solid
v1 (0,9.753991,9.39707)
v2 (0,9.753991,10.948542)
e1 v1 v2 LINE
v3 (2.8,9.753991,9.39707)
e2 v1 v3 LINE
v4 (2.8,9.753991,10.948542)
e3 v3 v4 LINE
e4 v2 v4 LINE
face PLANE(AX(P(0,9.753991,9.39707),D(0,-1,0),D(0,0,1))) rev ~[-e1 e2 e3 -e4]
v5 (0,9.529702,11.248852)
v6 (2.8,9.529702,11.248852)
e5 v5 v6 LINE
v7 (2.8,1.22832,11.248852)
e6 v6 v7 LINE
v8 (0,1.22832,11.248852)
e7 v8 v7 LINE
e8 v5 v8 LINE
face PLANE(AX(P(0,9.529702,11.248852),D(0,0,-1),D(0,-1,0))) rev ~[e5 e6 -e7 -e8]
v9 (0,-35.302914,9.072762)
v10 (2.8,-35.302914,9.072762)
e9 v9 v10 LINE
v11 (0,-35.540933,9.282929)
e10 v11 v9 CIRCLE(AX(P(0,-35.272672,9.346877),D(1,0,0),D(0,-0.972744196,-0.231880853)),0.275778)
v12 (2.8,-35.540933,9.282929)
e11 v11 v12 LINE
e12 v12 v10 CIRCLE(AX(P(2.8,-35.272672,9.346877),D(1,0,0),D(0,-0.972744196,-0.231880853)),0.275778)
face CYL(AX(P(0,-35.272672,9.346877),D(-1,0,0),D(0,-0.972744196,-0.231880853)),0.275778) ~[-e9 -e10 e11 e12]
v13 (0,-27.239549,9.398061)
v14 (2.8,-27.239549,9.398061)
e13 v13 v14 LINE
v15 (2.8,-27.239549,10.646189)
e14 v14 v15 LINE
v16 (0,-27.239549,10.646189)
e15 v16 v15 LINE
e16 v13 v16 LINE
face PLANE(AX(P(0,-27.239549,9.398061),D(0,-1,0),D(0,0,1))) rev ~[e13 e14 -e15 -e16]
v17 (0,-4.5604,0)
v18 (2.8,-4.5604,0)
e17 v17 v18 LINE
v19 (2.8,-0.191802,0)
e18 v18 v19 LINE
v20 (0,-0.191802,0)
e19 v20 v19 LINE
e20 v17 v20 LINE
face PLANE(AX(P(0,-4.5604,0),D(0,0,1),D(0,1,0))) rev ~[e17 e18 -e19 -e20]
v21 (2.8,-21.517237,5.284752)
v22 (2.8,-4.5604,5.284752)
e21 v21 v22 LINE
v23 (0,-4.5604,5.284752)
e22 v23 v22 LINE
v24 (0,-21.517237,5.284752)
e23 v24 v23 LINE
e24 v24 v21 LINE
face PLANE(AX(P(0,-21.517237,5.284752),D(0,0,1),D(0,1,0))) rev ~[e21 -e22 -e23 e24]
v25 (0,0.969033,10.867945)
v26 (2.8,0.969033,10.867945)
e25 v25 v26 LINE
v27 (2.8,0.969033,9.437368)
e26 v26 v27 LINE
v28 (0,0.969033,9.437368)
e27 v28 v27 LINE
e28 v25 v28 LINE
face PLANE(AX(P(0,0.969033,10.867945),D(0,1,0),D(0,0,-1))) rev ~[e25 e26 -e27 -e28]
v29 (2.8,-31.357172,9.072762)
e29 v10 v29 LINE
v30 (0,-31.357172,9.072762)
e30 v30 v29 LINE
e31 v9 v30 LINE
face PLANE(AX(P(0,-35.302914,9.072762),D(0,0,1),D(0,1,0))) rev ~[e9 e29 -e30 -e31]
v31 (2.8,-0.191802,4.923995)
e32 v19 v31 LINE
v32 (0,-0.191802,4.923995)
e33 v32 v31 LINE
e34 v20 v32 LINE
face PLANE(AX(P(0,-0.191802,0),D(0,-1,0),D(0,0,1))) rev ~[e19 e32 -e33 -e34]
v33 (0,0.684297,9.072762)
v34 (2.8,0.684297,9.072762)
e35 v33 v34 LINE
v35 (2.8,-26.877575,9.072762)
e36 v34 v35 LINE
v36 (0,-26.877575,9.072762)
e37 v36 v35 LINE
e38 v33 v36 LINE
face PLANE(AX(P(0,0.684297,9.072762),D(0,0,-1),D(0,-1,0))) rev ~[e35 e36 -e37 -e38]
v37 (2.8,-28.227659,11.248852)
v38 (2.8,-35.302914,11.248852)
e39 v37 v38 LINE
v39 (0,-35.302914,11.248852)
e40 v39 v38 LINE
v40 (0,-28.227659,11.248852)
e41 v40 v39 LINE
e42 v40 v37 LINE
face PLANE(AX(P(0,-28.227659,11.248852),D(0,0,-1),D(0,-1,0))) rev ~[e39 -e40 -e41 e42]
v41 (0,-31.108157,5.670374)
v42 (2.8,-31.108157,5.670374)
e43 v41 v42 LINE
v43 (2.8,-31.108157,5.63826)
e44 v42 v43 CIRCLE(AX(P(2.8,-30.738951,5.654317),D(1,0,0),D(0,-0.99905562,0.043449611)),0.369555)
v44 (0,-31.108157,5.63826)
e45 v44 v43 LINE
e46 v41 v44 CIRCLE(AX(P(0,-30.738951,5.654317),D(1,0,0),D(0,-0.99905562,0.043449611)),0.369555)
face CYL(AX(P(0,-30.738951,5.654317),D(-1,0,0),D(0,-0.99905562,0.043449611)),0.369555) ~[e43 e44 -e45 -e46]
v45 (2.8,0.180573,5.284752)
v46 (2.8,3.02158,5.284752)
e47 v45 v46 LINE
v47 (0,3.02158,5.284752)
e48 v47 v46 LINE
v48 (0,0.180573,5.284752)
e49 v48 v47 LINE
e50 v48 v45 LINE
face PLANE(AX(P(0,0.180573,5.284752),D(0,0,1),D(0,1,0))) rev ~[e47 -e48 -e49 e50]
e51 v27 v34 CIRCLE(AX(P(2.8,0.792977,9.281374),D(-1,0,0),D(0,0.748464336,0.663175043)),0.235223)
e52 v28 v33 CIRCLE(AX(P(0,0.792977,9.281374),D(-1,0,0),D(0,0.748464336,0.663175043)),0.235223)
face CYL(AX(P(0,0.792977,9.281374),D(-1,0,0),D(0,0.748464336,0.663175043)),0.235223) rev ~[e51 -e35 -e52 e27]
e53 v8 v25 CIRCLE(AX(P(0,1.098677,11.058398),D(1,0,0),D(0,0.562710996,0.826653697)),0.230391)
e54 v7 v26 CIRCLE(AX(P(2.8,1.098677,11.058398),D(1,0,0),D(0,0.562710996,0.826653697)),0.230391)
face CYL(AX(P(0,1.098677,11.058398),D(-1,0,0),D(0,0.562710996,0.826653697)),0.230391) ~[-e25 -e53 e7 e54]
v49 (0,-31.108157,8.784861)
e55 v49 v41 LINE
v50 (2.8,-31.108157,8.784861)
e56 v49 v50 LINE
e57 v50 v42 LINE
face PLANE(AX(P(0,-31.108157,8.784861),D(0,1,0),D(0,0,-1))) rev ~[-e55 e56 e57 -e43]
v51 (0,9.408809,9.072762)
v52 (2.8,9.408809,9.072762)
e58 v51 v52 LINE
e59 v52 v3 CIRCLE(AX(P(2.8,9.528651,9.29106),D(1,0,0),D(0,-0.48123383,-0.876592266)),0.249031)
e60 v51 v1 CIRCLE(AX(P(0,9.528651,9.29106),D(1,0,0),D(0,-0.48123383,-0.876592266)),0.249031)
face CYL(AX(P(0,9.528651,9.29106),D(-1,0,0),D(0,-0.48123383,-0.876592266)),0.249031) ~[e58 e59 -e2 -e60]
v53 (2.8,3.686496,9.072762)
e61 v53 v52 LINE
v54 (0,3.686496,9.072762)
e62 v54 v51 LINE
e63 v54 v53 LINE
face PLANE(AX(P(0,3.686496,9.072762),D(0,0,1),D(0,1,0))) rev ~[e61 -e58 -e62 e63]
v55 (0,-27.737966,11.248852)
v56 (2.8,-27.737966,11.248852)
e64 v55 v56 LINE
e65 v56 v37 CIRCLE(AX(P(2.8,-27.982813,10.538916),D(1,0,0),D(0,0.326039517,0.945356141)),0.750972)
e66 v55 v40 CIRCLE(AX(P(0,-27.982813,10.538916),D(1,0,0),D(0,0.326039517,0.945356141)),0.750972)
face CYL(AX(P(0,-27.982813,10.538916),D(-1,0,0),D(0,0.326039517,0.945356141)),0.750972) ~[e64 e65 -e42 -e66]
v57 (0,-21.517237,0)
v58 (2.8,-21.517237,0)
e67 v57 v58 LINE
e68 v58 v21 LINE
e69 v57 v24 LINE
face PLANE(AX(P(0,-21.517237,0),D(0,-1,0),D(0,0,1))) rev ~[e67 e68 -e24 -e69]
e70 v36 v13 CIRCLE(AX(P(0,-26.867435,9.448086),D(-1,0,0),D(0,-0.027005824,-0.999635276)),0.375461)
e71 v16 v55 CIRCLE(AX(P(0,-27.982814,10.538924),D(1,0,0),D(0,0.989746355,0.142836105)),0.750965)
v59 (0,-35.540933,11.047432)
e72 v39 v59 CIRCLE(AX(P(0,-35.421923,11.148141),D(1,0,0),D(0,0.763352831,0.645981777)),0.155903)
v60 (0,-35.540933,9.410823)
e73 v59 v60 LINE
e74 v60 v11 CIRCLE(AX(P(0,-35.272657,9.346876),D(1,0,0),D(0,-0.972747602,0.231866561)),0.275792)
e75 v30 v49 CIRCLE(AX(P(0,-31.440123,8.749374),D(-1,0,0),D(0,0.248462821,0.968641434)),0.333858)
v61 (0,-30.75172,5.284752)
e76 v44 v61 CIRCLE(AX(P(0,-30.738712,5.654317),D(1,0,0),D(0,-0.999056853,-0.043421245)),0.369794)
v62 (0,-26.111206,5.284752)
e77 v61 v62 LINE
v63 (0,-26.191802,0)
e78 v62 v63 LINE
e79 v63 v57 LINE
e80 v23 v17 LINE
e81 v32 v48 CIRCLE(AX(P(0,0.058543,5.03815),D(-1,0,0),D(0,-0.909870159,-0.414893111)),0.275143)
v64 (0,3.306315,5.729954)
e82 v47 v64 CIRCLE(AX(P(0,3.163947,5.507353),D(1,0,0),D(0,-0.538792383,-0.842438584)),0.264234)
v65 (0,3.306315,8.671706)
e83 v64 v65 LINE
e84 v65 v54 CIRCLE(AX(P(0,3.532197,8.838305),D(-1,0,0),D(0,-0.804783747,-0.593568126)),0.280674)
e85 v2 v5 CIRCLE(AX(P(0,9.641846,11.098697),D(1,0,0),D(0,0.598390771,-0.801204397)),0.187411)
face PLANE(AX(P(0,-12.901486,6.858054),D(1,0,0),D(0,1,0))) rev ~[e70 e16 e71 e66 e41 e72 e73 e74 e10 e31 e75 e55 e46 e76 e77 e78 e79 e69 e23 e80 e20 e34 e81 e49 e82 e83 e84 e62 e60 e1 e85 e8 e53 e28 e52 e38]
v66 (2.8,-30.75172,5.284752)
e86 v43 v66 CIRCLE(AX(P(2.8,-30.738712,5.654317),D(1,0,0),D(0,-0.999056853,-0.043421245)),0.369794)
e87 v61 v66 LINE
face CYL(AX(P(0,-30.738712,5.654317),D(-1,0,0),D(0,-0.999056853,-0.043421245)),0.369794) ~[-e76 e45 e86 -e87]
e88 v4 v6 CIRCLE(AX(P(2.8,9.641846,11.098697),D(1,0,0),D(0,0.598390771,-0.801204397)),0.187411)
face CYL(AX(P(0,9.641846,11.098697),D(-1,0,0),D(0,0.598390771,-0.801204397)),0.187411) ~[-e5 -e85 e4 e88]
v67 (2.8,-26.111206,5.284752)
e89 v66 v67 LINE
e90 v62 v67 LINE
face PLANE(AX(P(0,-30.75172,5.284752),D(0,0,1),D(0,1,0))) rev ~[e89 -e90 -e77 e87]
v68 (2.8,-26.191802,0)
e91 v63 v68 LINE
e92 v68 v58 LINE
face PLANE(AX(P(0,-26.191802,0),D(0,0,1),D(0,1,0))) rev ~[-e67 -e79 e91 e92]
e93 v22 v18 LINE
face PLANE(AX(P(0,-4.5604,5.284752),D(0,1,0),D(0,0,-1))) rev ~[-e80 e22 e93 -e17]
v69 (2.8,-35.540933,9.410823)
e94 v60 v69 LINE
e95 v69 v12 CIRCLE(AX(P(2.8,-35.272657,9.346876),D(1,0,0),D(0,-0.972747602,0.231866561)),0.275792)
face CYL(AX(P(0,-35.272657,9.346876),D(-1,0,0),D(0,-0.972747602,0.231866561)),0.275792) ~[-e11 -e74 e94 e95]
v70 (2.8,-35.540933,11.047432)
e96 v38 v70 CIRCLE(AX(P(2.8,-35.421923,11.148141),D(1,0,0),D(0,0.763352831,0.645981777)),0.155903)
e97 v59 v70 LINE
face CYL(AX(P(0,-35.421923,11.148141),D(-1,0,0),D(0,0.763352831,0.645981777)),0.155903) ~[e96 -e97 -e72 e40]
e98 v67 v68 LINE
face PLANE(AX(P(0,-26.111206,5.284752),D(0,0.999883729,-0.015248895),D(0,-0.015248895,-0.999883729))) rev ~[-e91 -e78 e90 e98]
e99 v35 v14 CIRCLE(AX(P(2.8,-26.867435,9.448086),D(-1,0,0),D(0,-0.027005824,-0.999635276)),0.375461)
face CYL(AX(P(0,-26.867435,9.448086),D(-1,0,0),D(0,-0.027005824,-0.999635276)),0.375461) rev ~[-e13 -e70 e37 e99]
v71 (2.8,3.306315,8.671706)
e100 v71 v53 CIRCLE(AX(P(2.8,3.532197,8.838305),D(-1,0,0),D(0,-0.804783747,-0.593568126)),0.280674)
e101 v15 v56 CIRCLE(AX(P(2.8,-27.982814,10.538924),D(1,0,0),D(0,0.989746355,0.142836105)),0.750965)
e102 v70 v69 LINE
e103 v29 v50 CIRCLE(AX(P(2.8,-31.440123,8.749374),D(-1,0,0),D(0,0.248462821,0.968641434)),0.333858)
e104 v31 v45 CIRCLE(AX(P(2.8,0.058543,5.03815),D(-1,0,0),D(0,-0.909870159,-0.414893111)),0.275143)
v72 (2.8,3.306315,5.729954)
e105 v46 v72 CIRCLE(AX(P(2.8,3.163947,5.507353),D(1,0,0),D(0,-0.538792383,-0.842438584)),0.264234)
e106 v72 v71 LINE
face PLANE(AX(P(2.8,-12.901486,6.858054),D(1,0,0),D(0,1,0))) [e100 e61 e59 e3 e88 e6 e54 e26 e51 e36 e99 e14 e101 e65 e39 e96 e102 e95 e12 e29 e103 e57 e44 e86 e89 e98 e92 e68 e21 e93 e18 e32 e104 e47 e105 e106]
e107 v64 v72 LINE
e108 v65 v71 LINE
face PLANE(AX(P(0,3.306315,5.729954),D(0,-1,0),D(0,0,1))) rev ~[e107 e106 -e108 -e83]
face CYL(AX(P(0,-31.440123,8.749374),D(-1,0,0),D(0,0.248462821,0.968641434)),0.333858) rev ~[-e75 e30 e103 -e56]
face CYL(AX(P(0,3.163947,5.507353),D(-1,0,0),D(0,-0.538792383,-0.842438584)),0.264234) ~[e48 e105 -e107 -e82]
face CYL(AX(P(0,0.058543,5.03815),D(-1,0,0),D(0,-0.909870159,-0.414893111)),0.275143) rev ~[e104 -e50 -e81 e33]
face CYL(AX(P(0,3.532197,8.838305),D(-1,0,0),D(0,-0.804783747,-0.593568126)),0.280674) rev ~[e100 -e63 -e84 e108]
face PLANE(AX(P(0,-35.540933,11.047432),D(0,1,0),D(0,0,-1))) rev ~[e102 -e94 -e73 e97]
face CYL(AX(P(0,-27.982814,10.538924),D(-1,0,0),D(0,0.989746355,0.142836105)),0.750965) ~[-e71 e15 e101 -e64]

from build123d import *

# Parameters (mm, degrees)
F1_DEPTH = 2.8


with BuildPart() as f1:
    # F0 (on Right) → F1 (new body)
    with BuildSketch(Plane.YZ):
        with BuildLine():
            Line((-26.111206, 5.284752), (-26.191802, 0))
            Line((-26.191802, 0), (-21.517237, 0))
            Line((-21.517237, 0), (-21.517237, 5.284752))
            Line((-21.517237, 5.284752), (-4.5604, 5.284752))
            Line((-4.5604, 5.284752), (-4.5604, 0))
            Line((-4.5604, 0), (-0.191802, 0))
            Line((-0.191802, 0), (-0.191802, 4.923995))
            ThreePointArc((-0.191802, 4.923995), (-0.132906, 5.235764), (0.180573, 5.284752))
            Line((0.180573, 5.284752), (3.02158, 5.284752))
            ThreePointArc((3.02158, 5.284752), (3.386548, 5.364985), (3.306315, 5.729954))
            Line((3.306315, 5.729954), (3.306315, 8.671706))
            ThreePointArc((3.306315, 8.671706), (3.3285, 9.0314), (3.686496, 9.072762))
            Line((3.686496, 9.072762), (9.408809, 9.072762))
            ThreePointArc((9.408809, 9.072762), (9.699169, 9.109567), (9.753991, 9.39707))
            Line((9.753991, 9.39707), (9.753991, 10.948542))
            ThreePointArc((9.753991, 10.948542), (9.792001, 11.210841), (9.529702, 11.248852))
            Line((9.529702, 11.248852), (2.258568, 11.248852))
            Line((2.258568, 11.248852), (1.22832, 11.248852))
            ThreePointArc((1.22832, 11.248852), (0.908223, 11.188042), (0.969033, 10.867945))
            Line((0.969033, 10.867945), (0.969033, 9.437368))
            ThreePointArc((0.969033, 9.437368), (0.978366, 9.136595), (0.684297, 9.072762))
            Line((0.684297, 9.072762), (-26.857296, 9.072762))
            ThreePointArc((-26.857296, 9.072762), (-26.867436, 9.072625), (-26.877575, 9.072762))
            ThreePointArc((-26.877575, 9.072762), (-27.118402, 9.168825), (-27.239549, 9.398061))
            ThreePointArc((-27.239549, 9.398061), (-27.242897, 9.448086), (-27.239549, 9.498111))
            Line((-27.239549, 9.498111), (-27.239549, 10.646189))
            ThreePointArc((-27.239549, 10.646189), (-27.404115, 11.017522), (-27.737966, 11.248852))
            Line((-27.737966, 11.248852), (-28.227659, 11.248852))
            Line((-28.227659, 11.248852), (-35.302914, 11.248852))
            ThreePointArc((-35.302914, 11.248852), (-35.522633, 11.267151), (-35.540933, 11.047432))
            Line((-35.540933, 11.047432), (-35.540933, 9.410823))
            Line((-35.540933, 9.410823), (-35.540933, 9.282929))
            ThreePointArc((-35.540933, 9.282929), (-35.455206, 9.140153), (-35.302914, 9.072762))
            Line((-35.302914, 9.072762), (-31.523069, 9.072762))
            ThreePointArc((-31.523069, 9.072762), (-31.44012, 9.083231), (-31.357172, 9.072762))
            ThreePointArc((-31.357172, 9.072762), (-31.187614, 8.967777), (-31.108157, 8.784861))
            ThreePointArc((-31.108157, 8.784861), (-31.106266, 8.749376), (-31.108157, 8.713891))
            Line((-31.108157, 8.713891), (-31.108157, 5.670374))
            Line((-31.108157, 5.670374), (-31.108157, 5.63826))
            ThreePointArc((-31.108157, 5.63826), (-30.999114, 5.391756), (-30.75172, 5.284752))
            Line((-30.75172, 5.284752), (-26.111206, 5.284752))
        make_face()
        with BuildLine():
            ThreePointArc((-31.108157, 5.670374), (-31.108506, 5.654317), (-31.108157, 5.63826))
            Line((-31.108157, 5.63826), (-31.108157, 5.670374))
        make_face()
        with BuildLine():
            Line((-31.108157, 8.784861), (-31.108157, 8.713891))
            ThreePointArc((-31.108157, 8.713891), (-31.106266, 8.749376), (-31.108157, 8.784861))
        make_face()
        with BuildLine():
            Line((-31.523069, 9.072762), (-31.357172, 9.072762))
            ThreePointArc((-31.357172, 9.072762), (-31.44012, 9.083231), (-31.523069, 9.072762))
        make_face()
        with BuildLine():
            ThreePointArc((-35.540933, 9.410823), (-35.548449, 9.346876), (-35.540933, 9.282929))
            Line((-35.540933, 9.282929), (-35.540933, 9.410823))
        make_face()
        with BuildLine():
            ThreePointArc((-27.737966, 11.248852), (-27.982812, 11.289888), (-28.227659, 11.248852))
            Line((-28.227659, 11.248852), (-27.737966, 11.248852))
        make_face()
        with BuildLine():
            Line((-27.239549, 9.398061), (-27.239549, 9.498111))
            ThreePointArc((-27.239549, 9.498111), (-27.242897, 9.448086), (-27.239549, 9.398061))
        make_face()
        with BuildLine():
            Line((-26.857296, 9.072762), (-26.877575, 9.072762))
            ThreePointArc((-26.877575, 9.072762), (-26.867436, 9.072625), (-26.857296, 9.072762))
        make_face()
    extrude(amount=F1_DEPTH)


solid = f1.part
